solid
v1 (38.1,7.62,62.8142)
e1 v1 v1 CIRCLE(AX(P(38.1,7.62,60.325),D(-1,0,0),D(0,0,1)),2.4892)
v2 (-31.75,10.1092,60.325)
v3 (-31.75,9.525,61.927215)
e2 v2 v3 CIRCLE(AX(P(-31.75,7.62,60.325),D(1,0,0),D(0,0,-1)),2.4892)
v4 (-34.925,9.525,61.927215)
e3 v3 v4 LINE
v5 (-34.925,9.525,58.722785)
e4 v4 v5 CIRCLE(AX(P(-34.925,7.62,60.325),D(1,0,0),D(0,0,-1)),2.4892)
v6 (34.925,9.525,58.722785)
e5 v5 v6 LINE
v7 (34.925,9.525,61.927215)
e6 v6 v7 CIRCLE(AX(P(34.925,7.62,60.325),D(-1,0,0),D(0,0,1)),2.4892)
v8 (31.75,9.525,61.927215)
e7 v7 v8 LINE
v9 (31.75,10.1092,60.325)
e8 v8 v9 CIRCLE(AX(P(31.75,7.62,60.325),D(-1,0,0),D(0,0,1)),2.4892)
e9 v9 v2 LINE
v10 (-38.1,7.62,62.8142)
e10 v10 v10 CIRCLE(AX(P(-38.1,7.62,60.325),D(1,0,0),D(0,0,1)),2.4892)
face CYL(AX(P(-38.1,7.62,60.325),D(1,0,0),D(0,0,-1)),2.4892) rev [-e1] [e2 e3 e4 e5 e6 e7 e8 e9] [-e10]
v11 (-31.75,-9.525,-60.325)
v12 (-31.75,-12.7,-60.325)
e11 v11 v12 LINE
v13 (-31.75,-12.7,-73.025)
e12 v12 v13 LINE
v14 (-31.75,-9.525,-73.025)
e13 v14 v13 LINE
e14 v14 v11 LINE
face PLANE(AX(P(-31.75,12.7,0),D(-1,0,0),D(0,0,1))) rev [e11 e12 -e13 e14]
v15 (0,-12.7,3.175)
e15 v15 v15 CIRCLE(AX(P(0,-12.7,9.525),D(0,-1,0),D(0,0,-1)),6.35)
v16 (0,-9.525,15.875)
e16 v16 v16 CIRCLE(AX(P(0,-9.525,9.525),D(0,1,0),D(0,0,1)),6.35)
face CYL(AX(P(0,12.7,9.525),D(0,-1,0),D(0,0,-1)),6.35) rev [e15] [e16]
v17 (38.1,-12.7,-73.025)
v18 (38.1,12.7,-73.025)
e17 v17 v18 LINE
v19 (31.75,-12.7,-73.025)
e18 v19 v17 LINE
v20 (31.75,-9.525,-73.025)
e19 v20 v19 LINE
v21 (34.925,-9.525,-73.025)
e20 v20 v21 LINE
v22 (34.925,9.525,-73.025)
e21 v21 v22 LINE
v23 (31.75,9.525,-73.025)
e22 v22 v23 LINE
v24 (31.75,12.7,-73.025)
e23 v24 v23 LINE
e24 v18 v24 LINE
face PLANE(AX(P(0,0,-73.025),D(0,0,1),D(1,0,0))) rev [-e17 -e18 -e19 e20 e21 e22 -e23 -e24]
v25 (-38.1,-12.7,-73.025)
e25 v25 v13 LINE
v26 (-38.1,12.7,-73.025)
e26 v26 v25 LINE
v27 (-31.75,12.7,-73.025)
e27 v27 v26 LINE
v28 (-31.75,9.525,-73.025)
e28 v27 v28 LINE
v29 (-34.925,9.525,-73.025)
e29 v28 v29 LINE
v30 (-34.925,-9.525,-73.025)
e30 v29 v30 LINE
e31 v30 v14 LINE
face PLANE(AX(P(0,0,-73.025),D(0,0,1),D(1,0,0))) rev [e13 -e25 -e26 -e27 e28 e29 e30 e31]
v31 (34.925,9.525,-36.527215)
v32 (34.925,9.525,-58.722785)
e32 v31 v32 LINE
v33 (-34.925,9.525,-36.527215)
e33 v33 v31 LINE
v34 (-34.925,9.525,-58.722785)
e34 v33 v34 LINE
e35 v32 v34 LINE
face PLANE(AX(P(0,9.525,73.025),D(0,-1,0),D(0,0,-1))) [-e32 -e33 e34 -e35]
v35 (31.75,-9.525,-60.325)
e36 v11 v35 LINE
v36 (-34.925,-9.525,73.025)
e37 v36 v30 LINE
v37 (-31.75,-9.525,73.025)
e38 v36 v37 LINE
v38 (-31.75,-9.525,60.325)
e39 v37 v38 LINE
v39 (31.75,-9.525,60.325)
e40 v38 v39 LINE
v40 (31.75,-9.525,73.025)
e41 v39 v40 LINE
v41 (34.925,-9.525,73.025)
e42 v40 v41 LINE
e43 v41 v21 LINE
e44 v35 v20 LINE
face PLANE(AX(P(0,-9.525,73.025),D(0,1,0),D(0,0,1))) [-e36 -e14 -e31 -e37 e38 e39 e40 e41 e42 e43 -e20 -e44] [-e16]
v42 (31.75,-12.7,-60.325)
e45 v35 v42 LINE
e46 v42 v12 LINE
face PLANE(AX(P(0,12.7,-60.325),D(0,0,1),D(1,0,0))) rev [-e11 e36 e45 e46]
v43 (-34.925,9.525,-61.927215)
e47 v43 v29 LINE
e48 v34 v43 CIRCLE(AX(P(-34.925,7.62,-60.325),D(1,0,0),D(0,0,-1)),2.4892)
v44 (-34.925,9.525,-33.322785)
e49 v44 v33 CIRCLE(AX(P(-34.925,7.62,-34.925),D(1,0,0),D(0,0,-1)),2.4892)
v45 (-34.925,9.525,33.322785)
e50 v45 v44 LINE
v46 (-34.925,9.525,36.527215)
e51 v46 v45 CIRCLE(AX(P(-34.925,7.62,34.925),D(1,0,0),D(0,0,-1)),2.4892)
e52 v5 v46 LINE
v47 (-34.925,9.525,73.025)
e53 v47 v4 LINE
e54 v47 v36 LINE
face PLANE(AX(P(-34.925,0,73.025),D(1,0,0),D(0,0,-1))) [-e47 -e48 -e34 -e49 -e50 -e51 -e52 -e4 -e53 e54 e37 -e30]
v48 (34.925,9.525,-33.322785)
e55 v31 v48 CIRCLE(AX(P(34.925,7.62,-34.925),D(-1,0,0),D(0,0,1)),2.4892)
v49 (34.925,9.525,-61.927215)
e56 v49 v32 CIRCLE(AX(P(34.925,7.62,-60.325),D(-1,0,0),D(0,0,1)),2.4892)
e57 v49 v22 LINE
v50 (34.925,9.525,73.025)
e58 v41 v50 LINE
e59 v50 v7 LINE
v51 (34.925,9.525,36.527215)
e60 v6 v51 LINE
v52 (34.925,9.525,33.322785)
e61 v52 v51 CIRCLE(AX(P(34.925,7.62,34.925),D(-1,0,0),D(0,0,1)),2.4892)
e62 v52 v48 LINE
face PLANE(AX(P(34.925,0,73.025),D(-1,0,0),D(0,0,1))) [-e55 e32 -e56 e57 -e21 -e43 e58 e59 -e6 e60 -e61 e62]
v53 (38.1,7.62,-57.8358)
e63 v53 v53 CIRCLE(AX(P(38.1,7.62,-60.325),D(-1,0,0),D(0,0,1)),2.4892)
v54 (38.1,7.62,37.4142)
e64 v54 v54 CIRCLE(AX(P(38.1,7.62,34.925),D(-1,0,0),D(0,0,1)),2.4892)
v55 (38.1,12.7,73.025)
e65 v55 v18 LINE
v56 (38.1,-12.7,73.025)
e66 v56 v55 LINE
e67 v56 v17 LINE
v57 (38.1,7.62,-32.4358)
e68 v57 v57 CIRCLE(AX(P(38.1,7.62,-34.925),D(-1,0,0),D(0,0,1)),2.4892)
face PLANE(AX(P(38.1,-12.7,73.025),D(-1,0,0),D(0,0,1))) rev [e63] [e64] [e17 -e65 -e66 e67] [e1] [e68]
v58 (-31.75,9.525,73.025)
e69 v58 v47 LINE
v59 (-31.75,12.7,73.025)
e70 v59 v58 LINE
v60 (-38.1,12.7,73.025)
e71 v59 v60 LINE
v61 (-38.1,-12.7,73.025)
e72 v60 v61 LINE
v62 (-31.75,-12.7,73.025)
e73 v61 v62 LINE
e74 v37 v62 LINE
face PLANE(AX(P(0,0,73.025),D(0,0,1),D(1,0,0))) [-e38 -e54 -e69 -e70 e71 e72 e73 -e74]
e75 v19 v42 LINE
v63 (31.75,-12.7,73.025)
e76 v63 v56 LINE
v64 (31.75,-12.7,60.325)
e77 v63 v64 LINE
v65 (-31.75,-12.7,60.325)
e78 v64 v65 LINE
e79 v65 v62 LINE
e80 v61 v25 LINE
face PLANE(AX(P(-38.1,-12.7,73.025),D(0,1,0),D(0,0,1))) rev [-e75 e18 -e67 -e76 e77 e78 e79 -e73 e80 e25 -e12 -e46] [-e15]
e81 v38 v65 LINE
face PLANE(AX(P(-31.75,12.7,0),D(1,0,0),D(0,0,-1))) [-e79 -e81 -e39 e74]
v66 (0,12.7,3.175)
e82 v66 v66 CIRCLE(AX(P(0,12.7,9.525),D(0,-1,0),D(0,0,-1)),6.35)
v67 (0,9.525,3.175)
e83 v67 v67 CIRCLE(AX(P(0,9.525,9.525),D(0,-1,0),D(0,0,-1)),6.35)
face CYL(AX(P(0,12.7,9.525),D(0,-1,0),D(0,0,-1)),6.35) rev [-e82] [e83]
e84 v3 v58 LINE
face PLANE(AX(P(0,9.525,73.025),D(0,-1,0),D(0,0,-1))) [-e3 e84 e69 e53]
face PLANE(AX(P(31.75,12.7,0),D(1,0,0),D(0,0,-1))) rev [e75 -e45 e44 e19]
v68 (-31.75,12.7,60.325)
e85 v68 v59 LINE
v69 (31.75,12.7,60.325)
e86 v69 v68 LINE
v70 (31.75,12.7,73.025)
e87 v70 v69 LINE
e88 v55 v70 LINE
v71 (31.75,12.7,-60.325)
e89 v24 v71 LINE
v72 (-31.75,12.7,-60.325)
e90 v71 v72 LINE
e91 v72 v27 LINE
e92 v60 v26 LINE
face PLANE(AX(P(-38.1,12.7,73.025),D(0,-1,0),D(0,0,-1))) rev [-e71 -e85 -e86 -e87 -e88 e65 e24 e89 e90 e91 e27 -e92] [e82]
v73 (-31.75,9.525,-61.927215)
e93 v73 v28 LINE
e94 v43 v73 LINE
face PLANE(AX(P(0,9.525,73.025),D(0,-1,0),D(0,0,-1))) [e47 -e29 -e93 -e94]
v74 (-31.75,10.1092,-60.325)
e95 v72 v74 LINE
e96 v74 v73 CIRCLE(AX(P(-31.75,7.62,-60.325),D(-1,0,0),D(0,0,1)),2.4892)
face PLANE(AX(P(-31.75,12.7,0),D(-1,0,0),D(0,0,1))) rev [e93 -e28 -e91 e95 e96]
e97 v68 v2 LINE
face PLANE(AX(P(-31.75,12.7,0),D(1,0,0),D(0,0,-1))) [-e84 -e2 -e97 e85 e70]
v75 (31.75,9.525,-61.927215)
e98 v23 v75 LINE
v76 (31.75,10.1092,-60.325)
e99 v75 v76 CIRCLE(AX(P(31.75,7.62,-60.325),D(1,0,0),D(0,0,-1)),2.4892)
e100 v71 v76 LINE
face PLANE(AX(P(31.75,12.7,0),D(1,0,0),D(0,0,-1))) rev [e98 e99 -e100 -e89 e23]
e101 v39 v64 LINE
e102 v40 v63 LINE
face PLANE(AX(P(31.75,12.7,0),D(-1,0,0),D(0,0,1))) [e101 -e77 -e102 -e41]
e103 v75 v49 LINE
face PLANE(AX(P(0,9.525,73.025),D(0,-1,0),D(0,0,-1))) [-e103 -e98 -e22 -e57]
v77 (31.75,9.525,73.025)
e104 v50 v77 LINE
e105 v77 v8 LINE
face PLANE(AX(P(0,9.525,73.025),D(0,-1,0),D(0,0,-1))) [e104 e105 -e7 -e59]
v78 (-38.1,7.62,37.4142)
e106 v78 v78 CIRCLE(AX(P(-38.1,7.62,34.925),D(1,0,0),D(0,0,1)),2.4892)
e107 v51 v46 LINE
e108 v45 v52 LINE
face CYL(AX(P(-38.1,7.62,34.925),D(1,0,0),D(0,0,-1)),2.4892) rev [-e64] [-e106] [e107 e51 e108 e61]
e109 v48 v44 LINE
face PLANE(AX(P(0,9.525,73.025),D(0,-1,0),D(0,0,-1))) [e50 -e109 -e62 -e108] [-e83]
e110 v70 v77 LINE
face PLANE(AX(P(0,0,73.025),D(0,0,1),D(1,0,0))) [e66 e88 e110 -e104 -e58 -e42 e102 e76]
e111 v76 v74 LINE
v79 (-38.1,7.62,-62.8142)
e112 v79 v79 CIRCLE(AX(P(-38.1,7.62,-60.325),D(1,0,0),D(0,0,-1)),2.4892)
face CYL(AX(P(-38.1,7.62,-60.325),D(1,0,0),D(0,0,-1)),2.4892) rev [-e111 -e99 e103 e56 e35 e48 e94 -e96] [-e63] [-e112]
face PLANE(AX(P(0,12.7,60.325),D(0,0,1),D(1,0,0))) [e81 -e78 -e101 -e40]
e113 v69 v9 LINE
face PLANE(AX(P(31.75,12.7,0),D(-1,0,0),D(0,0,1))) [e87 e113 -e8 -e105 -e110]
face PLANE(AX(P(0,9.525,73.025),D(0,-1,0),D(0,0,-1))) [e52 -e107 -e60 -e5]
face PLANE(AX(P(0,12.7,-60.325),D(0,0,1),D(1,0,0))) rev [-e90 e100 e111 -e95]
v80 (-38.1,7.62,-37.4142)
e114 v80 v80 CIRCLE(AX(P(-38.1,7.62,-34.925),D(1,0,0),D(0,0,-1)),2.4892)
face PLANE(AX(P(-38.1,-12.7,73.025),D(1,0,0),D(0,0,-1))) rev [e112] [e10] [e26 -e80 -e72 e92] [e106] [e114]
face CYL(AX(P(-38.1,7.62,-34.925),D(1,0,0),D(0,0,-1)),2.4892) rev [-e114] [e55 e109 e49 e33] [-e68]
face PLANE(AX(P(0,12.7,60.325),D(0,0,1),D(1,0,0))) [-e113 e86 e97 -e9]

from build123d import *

# Parameters (mm, degrees)
SKETCH1_W               = 76.2
SKETCH1_H               = 25.4
SKETCH1_W_2             = 69.85
SKETCH1_H_2             = 19.05
EXTRUDE_THIN1_DEPTH     = 73.025
SKETCH2_W               = 63.5
SKETCH2_H               = 12.7
CUT_EXTRUDE1_DEPTH      = 26.4
SKETCH3_R               = 2.4892
CUT_EXTRUDE2_DEPTH      = 1
CUT_EXTRUDE2_DEPTH_BACK = 77.2
SKETCH4_R               = 6.35
CUT_EXTRUDE3_DEPTH      = 26.4


with BuildPart() as part:
    # Sketch1 → Extrude-Thin1 (new body, symmetric)
    with BuildSketch(Plane.XY):
        Rectangle(SKETCH1_W, SKETCH1_H)
        Rectangle(SKETCH1_W_2, SKETCH1_H_2, mode=Mode.SUBTRACT)
    extrude(amount=EXTRUDE_THIN1_DEPTH, both=True)

    # Sketch2 → Cut-Extrude1 (cut, through all)
    with BuildSketch(Plane.XZ.offset(12.7)):
        with Locations((0, -66.675)):
            Rectangle(SKETCH2_W, SKETCH2_H)
        with Locations((0, 66.675)):
            Rectangle(SKETCH2_W, SKETCH2_H)
    extrude(amount=-CUT_EXTRUDE1_DEPTH, mode=Mode.SUBTRACT)

    # Sketch3 → Cut-Extrude2 (cut, two sides)
    with BuildSketch(Plane(origin=(38.1, 0, 0), x_dir=(0, 0, -1), z_dir=(1, 0, 0))) as cut_extrude2_sk:
        with Locations((60.325, 7.62)):
            Circle(SKETCH3_R)
        with Locations((34.925, 7.62)):
            Circle(SKETCH3_R)
        with Locations((-34.925, 7.62)):
            Circle(SKETCH3_R)
        with Locations((-60.325, 7.62)):
            Circle(SKETCH3_R)
    extrude(amount=CUT_EXTRUDE2_DEPTH, mode=Mode.SUBTRACT)
    extrude(cut_extrude2_sk.sketch, amount=-CUT_EXTRUDE2_DEPTH_BACK, mode=Mode.SUBTRACT)

    # Sketch4 → Cut-Extrude3 (cut, through all)
    with BuildSketch(Plane.XZ.offset(12.7)):
        with Locations((0, 9.525)):
            Circle(SKETCH4_R)
    extrude(amount=-CUT_EXTRUDE3_DEPTH, mode=Mode.SUBTRACT)


solid = part.part
